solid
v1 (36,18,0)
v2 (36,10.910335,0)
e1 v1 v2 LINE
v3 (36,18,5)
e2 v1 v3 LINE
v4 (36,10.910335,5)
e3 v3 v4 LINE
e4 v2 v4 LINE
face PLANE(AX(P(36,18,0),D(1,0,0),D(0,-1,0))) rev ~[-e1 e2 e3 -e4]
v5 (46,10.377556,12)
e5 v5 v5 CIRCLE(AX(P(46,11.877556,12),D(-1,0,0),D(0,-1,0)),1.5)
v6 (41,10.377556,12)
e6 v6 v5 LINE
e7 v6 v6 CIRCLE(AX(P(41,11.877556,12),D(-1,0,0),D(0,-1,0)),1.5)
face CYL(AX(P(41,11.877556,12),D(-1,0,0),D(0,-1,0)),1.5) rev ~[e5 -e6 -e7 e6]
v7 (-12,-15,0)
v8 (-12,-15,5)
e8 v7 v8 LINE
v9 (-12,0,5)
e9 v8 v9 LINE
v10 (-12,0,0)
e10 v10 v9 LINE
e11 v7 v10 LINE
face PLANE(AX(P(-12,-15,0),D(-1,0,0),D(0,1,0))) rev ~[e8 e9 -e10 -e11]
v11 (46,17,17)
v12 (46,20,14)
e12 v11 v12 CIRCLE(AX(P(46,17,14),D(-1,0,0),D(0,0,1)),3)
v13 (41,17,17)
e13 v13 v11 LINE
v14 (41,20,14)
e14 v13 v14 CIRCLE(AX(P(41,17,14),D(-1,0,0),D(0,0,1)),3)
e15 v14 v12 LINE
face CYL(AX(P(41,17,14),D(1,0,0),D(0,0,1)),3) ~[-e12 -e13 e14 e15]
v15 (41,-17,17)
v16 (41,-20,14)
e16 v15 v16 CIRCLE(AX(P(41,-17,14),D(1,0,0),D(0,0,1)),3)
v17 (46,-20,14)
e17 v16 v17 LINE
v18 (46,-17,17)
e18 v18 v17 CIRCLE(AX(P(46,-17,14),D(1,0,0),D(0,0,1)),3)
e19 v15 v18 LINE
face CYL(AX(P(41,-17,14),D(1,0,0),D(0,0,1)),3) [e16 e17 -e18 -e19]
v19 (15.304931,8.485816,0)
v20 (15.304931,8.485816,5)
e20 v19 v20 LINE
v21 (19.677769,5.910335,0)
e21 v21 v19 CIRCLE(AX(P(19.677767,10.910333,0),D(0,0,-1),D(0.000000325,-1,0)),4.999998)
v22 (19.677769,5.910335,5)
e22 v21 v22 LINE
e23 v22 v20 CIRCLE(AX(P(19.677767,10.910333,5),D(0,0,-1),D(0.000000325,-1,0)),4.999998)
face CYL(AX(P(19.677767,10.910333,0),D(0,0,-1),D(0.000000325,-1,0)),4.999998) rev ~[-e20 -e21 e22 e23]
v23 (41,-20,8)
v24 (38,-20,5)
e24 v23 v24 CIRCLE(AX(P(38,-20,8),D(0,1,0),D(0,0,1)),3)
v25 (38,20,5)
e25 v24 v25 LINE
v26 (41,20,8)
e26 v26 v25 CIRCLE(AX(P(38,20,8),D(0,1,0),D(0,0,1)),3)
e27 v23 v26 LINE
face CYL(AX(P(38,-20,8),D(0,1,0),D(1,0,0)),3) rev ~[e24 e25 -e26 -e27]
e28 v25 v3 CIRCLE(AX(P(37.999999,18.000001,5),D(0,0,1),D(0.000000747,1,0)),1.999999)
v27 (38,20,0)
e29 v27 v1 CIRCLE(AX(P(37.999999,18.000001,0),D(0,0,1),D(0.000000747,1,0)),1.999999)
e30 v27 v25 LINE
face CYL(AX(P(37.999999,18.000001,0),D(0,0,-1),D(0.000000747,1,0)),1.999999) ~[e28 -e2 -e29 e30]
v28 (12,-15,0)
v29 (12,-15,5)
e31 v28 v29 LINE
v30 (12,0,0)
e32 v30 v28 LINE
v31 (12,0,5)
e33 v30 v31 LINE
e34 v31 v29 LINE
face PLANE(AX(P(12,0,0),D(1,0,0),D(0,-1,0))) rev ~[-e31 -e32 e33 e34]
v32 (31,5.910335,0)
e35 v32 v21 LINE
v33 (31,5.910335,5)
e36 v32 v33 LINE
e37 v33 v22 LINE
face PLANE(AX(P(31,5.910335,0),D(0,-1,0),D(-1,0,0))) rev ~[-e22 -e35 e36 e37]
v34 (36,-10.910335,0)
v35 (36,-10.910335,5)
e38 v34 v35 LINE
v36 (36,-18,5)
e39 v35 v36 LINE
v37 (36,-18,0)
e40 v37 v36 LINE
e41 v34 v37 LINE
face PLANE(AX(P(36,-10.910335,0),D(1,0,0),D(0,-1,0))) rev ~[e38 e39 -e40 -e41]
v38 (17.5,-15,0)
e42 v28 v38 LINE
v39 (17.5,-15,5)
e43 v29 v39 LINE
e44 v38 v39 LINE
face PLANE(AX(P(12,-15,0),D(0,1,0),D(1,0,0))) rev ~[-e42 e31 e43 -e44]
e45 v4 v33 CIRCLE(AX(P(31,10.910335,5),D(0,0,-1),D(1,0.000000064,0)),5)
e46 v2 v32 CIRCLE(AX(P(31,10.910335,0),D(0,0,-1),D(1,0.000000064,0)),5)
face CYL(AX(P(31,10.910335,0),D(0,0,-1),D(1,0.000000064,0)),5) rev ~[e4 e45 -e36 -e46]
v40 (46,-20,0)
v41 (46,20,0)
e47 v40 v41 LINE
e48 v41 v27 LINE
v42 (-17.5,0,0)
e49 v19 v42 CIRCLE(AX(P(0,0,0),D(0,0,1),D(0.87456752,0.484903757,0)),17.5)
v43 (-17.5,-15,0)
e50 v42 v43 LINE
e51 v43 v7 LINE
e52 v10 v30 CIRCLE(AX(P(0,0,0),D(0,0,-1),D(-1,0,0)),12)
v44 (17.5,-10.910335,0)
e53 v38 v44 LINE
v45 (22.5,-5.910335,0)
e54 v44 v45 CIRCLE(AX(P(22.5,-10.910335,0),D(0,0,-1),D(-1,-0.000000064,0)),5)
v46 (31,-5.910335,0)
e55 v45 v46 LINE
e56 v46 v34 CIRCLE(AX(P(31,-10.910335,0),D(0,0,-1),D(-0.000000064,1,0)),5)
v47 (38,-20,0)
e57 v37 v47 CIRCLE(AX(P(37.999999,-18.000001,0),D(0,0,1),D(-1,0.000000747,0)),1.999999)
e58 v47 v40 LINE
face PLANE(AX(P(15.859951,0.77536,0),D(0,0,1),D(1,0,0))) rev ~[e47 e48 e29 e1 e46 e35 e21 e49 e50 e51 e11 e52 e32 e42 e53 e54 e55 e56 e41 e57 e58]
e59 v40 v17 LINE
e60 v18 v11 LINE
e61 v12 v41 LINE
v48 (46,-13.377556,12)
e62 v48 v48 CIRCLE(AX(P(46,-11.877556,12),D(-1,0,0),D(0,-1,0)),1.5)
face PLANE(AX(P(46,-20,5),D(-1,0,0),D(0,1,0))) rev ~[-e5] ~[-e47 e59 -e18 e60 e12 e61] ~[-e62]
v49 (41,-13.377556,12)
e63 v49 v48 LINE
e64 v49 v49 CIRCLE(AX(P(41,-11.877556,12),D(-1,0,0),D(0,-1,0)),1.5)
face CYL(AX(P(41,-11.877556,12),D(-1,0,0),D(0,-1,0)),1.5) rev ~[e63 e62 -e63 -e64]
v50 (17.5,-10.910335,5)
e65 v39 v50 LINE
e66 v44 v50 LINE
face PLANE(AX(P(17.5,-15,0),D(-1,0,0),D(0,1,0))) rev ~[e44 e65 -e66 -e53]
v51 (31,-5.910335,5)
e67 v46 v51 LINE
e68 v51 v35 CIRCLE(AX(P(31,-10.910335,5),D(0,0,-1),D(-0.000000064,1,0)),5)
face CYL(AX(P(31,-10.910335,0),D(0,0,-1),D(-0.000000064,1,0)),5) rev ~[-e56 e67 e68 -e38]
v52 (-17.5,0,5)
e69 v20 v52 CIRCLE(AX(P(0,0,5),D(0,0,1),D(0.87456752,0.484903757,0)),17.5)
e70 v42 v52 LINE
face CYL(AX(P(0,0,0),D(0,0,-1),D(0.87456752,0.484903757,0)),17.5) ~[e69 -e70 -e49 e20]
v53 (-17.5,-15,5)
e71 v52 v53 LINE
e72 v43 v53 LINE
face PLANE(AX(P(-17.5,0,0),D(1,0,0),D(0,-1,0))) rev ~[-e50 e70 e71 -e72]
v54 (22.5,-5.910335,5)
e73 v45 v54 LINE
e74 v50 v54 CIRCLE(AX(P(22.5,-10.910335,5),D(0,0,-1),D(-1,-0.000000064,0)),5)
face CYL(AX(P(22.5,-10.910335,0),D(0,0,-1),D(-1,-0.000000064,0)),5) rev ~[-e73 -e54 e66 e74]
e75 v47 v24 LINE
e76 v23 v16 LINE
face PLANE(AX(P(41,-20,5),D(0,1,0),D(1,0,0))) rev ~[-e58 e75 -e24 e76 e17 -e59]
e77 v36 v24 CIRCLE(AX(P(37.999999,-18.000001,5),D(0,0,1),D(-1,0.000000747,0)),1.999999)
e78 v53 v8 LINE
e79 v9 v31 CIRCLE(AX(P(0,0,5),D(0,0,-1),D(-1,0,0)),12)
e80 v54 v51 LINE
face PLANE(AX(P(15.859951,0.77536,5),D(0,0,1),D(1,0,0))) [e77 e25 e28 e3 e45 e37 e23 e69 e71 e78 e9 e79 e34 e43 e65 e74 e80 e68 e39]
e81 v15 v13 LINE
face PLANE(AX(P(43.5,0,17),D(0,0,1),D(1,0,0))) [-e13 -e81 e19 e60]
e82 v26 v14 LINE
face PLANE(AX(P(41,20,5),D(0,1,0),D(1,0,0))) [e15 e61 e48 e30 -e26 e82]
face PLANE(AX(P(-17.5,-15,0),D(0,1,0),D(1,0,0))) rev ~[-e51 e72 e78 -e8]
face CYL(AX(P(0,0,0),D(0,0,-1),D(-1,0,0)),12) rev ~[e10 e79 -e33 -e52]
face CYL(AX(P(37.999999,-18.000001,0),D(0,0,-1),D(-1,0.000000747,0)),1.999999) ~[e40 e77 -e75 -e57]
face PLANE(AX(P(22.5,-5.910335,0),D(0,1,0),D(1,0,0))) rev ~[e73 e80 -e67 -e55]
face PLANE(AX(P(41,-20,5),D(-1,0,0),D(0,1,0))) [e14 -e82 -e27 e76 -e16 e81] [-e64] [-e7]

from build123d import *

# Parameters (mm, degrees)
F1_DEPTH = 5
F2_W     = 5
F2_H     = 40
F3_DEPTH = 12
F4_R     = 3
F5_R     = 1.5
F6_DEPTH = 10


with BuildPart() as f1:
    # F0 (on Top) → F1 (new body)
    with BuildSketch(Plane.XY):
        with BuildLine():
            Line((36, 18), (36, 10.910335))
            ThreePointArc((36, 10.910335), (34.535534, 7.374801), (31, 5.910335))
            Line((31, 5.910335), (19.677769, 5.910335))
            ThreePointArc((19.677769, 5.910335), (17.140309, 6.602052), (15.304931, 8.485816))
            ThreePointArc((15.304931, 8.485816), (-4.382562, 16.942348), (-17.5, 0))
            Line((-17.5, 0), (-17.5, -15))
            Line((-17.5, -15), (-12, -15))
            Line((-12, -15), (-12, 0))
            ThreePointArc((-12, 0), (0, 12), (12, 0))
            Line((12, 0), (12, -15))
            Line((12, -15), (17.5, -15))
            Line((17.5, -15), (17.5, -10.910335))
            ThreePointArc((17.5, -10.910335), (18.964466, -7.374801), (22.5, -5.910335))
            Line((22.5, -5.910335), (31, -5.910335))
            ThreePointArc((31, -5.910335), (34.535534, -7.374801), (36, -10.910335))
            Line((36, -10.910335), (36, -18))
            ThreePointArc((36, -18), (36.585786, -19.414214), (38, -20))
            Line((38, -20), (46, -20))
            Line((46, -20), (46, 0))
            Line((46, 0), (46, 20))
            Line((46, 20), (38, 20))
            ThreePointArc((38, 20), (36.585786, 19.414214), (36, 18))
        make_face()
    extrude(amount=F1_DEPTH)

    # F2 (on face) → F3 (join)
    with BuildSketch(Plane.XY.offset(5)):
        with Locations((43.5, 0)):
            Rectangle(F2_W, F2_H)
    extrude(amount=F3_DEPTH)

    # F4
    f4_edges = [f1.edges().sort_by_distance(p)[0] for p in [
        (41, 0, 5),
        (43.5, 20, 17),
        (43.5, -20, 17),
    ]]
    fillet(f4_edges, radius=F4_R)

    # F5 (on face) → F6 (cut)
    with BuildSketch(Plane(origin=(41, 0, 0), x_dir=(0, -1, 0), z_dir=(-1, 0, 0))):
        with Locations((-11.877556, 12)):
            Circle(F5_R)
        with Locations((11.877556, 12)):
            Circle(F5_R)
    extrude(amount=-F6_DEPTH, mode=Mode.SUBTRACT)


solid = f1.part
